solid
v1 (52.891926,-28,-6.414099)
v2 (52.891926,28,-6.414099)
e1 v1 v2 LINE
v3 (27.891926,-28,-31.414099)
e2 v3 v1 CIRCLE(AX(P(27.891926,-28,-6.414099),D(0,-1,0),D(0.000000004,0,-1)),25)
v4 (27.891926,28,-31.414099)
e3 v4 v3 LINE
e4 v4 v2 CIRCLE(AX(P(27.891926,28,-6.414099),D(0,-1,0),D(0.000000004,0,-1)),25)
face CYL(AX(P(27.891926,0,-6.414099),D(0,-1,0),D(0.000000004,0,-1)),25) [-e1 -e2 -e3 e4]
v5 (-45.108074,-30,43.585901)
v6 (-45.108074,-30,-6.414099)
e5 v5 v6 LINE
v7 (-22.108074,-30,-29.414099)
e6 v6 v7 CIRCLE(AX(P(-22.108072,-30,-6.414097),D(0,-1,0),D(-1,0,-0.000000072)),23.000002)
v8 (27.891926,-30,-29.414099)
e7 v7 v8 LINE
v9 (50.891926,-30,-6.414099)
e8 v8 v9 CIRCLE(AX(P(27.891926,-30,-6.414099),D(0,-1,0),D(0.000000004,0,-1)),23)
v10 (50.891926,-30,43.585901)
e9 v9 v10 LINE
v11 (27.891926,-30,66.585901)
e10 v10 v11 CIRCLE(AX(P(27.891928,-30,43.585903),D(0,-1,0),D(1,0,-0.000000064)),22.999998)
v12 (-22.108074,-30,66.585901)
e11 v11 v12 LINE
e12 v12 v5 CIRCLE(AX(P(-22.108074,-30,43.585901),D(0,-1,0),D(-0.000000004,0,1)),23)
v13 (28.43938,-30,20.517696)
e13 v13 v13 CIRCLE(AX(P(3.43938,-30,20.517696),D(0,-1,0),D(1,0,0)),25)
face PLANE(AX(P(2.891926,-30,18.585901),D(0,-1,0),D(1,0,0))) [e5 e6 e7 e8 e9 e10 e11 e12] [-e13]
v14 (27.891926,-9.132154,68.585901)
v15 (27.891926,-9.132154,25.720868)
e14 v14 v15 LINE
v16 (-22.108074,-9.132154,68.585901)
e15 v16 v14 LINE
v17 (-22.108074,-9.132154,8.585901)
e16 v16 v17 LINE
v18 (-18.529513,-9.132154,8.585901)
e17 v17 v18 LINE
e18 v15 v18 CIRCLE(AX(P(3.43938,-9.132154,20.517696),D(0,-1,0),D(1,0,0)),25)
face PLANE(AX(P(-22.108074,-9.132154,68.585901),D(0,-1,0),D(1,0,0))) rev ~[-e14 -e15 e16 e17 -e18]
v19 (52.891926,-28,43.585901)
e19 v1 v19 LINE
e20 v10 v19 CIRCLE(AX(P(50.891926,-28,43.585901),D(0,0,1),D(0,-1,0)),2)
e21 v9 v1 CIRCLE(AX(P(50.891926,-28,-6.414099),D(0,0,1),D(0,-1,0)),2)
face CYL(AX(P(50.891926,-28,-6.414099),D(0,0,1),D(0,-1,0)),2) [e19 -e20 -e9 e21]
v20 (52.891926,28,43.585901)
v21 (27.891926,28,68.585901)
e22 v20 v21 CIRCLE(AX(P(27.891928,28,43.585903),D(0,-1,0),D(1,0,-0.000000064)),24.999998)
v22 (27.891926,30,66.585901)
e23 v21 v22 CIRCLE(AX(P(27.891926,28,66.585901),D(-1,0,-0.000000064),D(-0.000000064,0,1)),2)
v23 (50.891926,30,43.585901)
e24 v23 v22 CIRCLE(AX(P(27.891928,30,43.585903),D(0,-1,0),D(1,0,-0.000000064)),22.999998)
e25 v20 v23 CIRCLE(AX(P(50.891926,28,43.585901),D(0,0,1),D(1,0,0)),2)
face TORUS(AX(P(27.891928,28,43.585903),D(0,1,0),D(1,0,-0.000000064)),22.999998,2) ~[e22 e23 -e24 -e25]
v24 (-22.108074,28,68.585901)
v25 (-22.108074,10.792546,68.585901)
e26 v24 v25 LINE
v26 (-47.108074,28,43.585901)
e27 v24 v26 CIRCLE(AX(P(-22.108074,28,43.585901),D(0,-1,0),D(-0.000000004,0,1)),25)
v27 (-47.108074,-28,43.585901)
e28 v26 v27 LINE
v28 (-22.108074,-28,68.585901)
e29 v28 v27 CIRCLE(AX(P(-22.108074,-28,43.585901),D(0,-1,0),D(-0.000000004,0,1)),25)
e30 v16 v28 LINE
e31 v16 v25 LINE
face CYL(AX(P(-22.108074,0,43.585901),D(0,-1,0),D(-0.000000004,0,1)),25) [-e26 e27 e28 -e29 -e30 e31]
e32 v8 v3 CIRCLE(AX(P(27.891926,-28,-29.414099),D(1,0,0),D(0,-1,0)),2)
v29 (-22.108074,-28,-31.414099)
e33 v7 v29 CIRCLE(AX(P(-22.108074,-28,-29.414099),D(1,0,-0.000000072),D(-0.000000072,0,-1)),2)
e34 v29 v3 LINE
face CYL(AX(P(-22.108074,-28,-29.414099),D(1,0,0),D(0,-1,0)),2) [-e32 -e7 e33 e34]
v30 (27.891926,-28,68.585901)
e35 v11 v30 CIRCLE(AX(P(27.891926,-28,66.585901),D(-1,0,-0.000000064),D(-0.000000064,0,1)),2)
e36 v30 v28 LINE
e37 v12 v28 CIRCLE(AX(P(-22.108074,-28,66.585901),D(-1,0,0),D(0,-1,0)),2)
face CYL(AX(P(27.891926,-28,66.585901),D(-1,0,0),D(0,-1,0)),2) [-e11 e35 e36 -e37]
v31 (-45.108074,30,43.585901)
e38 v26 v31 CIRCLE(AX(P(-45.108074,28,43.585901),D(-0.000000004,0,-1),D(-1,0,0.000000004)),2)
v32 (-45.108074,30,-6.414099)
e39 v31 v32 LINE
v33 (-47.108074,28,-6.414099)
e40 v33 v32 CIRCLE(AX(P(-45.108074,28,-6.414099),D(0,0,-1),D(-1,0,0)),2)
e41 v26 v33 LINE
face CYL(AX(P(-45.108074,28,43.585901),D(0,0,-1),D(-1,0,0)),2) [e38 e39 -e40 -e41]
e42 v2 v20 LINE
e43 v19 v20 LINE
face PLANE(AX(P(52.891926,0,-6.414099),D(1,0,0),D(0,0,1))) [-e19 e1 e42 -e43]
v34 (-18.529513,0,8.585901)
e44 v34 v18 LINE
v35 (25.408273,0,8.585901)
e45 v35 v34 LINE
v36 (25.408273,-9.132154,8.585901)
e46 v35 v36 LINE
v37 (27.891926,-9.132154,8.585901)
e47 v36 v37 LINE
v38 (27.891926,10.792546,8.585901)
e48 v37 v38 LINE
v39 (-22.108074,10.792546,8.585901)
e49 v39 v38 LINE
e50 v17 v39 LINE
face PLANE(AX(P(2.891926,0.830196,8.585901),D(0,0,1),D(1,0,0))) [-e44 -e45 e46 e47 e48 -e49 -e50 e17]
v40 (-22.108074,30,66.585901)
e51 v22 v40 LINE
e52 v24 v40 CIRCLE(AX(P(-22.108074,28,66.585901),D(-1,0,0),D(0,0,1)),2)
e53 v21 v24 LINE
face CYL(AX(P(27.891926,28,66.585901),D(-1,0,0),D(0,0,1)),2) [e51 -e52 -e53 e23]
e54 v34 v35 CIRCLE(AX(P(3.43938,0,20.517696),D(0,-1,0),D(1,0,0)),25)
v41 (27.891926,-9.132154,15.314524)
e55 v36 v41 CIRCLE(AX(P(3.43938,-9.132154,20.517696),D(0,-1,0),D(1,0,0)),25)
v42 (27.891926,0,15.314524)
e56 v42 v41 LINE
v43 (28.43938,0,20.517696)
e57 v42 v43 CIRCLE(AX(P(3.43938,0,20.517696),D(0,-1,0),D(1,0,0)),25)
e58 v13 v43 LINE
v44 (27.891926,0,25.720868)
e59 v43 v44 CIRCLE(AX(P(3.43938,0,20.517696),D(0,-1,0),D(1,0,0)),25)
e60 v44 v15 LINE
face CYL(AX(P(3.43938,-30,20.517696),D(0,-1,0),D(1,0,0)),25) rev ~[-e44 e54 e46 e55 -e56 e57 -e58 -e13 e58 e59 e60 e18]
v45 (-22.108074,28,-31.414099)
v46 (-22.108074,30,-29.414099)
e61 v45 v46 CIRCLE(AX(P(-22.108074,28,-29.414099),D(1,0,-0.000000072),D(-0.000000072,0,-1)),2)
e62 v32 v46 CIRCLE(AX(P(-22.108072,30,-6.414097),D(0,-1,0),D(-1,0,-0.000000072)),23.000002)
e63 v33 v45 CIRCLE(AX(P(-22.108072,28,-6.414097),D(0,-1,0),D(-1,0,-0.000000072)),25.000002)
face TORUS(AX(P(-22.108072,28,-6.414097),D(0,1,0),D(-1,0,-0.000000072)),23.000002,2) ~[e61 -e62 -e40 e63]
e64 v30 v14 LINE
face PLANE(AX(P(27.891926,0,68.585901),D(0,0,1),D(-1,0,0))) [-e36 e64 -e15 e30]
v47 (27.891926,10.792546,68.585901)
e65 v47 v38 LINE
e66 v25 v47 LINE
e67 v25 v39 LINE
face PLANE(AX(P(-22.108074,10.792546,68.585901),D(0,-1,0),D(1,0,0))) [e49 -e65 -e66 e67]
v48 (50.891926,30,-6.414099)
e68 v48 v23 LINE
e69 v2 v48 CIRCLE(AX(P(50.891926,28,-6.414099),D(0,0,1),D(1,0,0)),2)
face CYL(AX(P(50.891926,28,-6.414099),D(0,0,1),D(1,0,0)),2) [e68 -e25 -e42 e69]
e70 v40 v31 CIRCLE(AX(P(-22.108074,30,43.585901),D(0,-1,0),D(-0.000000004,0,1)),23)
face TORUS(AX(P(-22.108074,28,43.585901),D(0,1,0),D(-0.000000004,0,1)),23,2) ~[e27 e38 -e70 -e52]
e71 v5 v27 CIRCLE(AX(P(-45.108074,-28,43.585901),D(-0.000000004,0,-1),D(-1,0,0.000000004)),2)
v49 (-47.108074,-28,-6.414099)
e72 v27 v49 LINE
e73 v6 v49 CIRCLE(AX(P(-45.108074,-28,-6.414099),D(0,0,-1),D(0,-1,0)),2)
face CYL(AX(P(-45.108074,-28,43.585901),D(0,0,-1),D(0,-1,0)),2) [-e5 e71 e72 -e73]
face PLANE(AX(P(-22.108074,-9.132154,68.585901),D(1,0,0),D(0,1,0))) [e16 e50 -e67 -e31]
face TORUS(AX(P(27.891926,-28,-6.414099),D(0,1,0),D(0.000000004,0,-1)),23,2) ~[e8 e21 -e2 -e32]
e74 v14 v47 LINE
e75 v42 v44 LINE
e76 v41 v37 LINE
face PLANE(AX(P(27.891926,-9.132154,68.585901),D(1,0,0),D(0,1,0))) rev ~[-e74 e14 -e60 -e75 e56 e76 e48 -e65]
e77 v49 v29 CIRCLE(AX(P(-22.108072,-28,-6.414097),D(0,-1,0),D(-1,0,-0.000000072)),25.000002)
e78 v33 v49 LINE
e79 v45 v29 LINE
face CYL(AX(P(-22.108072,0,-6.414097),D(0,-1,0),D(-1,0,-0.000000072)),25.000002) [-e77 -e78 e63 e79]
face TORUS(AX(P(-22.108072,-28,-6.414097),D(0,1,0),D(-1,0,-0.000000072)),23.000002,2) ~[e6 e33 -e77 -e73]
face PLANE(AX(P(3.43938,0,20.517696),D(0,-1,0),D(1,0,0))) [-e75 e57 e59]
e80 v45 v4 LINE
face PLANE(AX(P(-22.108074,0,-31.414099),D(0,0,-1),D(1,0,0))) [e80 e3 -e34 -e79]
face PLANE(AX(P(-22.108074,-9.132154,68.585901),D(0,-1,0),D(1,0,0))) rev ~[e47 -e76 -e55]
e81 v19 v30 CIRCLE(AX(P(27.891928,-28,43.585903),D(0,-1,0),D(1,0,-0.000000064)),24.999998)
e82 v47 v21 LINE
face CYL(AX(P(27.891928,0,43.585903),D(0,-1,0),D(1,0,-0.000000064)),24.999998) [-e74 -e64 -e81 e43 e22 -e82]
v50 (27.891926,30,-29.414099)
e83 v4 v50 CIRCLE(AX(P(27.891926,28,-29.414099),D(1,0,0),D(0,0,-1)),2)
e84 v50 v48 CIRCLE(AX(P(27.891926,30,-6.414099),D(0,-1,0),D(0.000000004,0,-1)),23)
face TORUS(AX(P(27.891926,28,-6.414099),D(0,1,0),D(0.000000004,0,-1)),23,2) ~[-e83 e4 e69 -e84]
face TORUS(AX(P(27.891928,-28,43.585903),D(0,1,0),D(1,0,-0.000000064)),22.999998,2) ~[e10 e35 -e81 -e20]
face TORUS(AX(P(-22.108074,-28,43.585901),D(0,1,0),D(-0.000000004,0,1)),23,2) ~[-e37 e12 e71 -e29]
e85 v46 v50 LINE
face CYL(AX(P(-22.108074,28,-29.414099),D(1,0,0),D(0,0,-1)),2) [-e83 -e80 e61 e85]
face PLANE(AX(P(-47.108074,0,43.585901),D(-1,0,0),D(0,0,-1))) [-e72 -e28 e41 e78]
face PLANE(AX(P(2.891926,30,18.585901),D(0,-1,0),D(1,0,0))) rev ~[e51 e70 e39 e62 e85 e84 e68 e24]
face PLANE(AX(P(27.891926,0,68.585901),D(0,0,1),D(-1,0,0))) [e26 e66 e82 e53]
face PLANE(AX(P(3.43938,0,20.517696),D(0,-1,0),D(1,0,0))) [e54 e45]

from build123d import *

# Parameters (mm, degrees)
F1_DEPTH = 30
F2_R     = 2
F3_R     = 2
F4_R     = 25
F5_DEPTH = 30
F6_W     = 50
F6_H     = 19.9247
F7_DEPTH = 60


with BuildPart() as f1:
    # F0 (on Front) → F1 (new body, symmetric)
    with BuildSketch(Plane.XZ):
        with BuildLine():
            Line((27.891926, 68.585901), (-22.108074, 68.585901))
            ThreePointArc((-22.108074, 68.585901), (-39.785743, 61.263571), (-47.108074, 43.585901))
            Line((-47.108074, 43.585901), (-47.108074, -6.414099))
            ThreePointArc((-47.108074, -6.414099), (-39.785743, -24.091768), (-22.108074, -31.414099))
            Line((-22.108074, -31.414099), (27.891926, -31.414099))
            ThreePointArc((27.891926, -31.414099), (45.569596, -24.091768), (52.891926, -6.414099))
            Line((52.891926, -6.414099), (52.891926, 43.585901))
            ThreePointArc((52.891926, 43.585901), (45.569596, 61.263571), (27.891926, 68.585901))
        make_face()
    extrude(amount=F1_DEPTH, both=True)

    # F2
    f2_edges = [f1.edges().sort_by_distance(p)[0] for p in [
        (52.891926, 30, 18.585901),
        (45.569596, 30, 61.263571),
        (2.891926, 30, 68.585901),
        (-39.785743, 30, 61.263571),
        (-47.108074, 30, 18.585901),
        (-39.785743, 30, -24.091768),
        (2.891926, 30, -31.414099),
        (45.569596, 30, -24.091768),
    ]]
    fillet(f2_edges, radius=F2_R)

    # F3
    f3_edges = [f1.edges().sort_by_distance(p)[0] for p in [
        (52.891926, -30, 18.585901),
        (45.569596, -30, 61.263571),
        (2.891926, -30, 68.585901),
        (-39.785743, -30, 61.263571),
        (-47.108074, -30, 18.585901),
        (-39.785743, -30, -24.091768),
        (2.891926, -30, -31.414099),
        (45.569596, -30, -24.091768),
    ]]
    fillet(f3_edges, radius=F3_R)

    # F4 (on face) → F5 (cut)
    with BuildSketch(Plane.XZ.offset(30)):
        with Locations((3.43938, 20.517696)):
            Circle(F4_R)
    extrude(amount=-F5_DEPTH, mode=Mode.SUBTRACT)

    # F6 (on face) → F7 (cut)
    with BuildSketch(Plane.XY.offset(68.585901)):
        with Locations((2.891926, 0.830196)):
            Rectangle(F6_W, F6_H)
    extrude(amount=-F7_DEPTH, mode=Mode.SUBTRACT)


solid = f1.part
